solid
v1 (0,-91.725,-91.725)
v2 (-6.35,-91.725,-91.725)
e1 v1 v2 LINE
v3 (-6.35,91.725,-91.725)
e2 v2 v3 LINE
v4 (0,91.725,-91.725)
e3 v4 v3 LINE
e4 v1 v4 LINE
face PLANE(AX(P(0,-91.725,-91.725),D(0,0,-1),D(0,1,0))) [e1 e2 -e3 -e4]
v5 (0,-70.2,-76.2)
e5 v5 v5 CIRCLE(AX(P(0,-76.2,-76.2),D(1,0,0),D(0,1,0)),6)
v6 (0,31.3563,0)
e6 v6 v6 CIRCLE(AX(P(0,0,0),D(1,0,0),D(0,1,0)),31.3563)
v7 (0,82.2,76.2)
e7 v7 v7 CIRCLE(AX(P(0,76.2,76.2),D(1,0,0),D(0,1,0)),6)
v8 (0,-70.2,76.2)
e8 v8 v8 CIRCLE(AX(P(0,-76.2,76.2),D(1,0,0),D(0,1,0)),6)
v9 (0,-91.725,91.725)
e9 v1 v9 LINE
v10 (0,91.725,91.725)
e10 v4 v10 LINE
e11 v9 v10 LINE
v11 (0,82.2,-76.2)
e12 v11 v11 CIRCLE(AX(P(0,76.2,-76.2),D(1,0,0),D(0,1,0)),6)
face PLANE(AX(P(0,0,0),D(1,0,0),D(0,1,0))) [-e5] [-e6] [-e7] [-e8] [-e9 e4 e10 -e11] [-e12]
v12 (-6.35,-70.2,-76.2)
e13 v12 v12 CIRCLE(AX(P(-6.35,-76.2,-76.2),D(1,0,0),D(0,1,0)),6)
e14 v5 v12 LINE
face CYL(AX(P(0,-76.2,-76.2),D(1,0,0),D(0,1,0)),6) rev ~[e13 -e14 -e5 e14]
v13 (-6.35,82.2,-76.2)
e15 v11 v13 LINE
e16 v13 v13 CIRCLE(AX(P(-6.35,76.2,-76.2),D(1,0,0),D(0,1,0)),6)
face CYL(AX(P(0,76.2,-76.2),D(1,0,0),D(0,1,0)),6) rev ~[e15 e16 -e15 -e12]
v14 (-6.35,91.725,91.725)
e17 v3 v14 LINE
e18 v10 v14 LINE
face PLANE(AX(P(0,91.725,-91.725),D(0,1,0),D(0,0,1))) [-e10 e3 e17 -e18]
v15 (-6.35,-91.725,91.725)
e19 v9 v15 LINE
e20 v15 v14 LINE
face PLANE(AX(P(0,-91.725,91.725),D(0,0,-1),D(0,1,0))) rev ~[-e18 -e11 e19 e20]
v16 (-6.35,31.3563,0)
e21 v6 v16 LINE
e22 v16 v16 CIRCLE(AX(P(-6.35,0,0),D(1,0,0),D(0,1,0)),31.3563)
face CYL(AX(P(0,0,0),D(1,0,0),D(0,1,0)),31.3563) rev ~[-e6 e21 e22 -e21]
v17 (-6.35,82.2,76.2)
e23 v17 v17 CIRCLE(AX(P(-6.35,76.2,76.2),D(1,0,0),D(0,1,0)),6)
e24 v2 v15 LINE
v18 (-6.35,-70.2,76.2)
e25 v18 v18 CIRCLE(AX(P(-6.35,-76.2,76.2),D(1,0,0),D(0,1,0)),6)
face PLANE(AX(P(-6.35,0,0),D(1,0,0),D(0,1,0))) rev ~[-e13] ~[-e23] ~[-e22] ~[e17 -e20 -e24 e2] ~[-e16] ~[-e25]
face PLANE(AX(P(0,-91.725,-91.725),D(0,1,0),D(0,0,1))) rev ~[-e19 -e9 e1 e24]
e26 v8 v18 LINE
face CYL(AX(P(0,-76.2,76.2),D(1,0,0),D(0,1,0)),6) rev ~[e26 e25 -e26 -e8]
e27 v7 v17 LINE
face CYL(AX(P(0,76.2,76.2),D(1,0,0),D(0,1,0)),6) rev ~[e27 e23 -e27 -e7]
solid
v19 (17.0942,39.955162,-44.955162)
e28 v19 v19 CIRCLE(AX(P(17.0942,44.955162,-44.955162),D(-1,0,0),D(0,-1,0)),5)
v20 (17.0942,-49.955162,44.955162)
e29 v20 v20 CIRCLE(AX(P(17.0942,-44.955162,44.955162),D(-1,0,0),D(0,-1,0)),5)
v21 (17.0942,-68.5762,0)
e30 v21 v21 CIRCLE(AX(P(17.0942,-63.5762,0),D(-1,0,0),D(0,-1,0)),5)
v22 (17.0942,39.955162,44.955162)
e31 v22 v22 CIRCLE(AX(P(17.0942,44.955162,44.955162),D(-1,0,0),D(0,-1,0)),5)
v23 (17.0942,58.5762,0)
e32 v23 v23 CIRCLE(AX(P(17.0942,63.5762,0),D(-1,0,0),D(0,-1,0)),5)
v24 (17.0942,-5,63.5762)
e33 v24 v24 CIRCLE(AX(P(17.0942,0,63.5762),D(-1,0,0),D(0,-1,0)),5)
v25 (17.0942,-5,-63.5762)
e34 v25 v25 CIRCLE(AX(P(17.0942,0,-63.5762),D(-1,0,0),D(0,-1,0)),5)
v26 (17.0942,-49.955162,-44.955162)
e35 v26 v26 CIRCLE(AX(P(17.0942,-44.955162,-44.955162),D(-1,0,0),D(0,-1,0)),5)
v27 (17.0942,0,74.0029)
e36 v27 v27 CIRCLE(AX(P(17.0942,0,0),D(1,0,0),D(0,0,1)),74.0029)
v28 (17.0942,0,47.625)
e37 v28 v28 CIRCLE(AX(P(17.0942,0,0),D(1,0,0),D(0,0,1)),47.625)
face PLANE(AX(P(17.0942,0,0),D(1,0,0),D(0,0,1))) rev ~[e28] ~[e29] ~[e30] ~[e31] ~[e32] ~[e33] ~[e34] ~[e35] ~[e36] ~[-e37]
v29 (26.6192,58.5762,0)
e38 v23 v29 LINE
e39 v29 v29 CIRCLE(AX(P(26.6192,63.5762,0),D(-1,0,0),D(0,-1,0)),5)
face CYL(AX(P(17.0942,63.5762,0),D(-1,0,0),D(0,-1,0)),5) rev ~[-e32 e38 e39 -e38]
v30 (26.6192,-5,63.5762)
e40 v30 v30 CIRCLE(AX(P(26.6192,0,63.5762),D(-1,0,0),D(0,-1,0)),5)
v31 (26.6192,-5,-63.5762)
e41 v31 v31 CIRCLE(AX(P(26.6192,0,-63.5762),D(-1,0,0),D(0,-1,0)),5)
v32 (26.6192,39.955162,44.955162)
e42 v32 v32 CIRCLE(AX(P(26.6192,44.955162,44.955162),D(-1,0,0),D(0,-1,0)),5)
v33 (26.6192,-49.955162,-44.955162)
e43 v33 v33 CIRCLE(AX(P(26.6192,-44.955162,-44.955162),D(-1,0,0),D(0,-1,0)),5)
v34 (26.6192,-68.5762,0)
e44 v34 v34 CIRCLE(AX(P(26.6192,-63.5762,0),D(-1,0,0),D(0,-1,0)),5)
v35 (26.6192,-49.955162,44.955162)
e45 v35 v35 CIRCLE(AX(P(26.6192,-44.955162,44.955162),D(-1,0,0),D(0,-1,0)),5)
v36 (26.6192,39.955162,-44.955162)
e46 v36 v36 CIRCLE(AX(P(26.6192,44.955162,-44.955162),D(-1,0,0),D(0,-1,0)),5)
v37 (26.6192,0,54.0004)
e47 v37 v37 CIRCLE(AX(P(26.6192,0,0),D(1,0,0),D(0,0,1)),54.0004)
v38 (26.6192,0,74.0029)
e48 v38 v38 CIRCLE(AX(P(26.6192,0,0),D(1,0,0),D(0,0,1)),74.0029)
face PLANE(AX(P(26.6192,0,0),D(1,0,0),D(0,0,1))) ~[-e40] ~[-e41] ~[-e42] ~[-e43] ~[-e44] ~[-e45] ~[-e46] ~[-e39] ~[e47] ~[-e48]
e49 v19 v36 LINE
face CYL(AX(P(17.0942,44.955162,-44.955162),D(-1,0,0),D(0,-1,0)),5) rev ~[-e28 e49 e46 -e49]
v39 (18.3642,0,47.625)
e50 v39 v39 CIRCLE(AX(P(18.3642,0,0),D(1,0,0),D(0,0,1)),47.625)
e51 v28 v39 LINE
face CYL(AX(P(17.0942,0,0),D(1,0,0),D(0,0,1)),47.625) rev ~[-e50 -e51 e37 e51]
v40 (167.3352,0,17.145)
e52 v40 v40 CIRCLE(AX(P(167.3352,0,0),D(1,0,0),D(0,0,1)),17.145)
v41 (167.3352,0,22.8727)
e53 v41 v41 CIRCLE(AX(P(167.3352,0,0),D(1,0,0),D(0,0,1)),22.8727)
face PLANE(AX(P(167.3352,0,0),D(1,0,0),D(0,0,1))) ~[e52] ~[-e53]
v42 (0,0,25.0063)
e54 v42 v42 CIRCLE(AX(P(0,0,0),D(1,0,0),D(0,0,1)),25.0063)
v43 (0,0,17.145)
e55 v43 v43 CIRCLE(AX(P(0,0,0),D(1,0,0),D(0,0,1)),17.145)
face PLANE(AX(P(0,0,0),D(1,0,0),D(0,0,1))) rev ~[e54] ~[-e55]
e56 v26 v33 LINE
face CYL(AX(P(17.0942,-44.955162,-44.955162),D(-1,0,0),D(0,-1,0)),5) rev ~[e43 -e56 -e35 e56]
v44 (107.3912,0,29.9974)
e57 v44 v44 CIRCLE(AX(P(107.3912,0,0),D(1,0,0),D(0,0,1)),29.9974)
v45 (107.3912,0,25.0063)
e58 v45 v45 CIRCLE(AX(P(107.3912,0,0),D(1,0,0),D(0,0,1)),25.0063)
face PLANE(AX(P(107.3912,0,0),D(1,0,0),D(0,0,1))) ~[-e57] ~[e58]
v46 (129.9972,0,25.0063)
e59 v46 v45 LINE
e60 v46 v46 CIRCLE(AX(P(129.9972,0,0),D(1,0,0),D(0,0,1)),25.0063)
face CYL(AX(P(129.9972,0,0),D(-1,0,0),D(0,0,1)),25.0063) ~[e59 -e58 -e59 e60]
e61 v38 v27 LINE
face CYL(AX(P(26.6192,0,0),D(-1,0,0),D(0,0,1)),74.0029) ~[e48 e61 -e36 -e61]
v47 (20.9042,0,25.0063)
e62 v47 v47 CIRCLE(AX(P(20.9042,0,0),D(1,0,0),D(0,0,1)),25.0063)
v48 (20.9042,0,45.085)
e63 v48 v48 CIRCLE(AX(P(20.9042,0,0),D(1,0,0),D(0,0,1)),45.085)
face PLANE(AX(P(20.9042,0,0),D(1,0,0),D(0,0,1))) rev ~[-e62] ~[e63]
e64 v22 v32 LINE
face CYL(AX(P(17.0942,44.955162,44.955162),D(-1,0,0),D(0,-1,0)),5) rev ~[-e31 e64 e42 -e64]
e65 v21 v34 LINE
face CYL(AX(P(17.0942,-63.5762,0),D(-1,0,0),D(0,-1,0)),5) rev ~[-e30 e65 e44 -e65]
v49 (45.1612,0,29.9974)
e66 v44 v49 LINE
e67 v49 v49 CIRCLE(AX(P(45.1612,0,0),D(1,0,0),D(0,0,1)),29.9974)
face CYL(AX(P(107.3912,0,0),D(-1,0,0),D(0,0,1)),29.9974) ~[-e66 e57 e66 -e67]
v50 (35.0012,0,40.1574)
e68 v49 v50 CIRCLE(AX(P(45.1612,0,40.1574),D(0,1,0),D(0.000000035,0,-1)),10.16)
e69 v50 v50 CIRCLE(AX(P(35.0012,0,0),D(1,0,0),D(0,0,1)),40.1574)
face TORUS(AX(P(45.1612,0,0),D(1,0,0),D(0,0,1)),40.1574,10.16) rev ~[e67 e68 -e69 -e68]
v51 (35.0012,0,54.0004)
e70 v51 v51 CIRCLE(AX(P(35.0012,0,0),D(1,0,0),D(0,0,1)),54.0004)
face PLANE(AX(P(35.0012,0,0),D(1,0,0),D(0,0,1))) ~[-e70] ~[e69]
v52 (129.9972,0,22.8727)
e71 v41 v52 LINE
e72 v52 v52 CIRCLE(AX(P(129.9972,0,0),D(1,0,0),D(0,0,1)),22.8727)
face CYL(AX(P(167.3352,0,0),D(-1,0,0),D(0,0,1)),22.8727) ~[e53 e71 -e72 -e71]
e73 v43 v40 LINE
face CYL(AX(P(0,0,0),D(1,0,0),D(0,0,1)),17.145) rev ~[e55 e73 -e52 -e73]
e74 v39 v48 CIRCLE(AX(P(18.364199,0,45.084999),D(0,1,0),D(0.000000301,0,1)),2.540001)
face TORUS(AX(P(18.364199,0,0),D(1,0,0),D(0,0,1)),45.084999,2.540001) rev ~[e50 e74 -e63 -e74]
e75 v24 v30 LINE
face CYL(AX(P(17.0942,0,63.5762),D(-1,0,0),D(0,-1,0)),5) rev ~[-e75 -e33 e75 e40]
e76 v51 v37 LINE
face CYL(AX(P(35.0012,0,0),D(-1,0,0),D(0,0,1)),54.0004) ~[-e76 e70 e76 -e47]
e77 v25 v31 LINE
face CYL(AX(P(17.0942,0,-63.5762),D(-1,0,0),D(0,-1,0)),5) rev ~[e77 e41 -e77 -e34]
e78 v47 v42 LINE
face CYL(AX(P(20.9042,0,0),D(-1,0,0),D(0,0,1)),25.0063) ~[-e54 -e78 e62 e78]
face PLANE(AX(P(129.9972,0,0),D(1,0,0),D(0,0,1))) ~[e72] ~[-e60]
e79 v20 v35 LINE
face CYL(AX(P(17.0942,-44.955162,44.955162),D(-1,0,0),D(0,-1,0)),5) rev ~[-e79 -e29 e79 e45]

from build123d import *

# Parameters (mm, degrees)
F2_R     = 5
F3_DEPTH = 9.525
F4_W     = 183.45
F4_H     = 183.45
F4_R     = 6
F4_R_2   = 31.3563
F5_DEPTH = 6.35


with BuildPart() as f1:
    # F0 (on Front) → F1 (revolve)
    with BuildSketch(Plane.XZ):
        with BuildLine():
            Line((0, 25.0063), (0, 17.145))
            Line((0, 17.145), (167.3352, 17.145))
            Line((167.3352, 17.145), (167.3352, 22.8727))
            Line((167.3352, 22.8727), (129.9972, 22.8727))
            Line((129.9972, 22.8727), (129.9972, 25.0063))
            Line((129.9972, 25.0063), (107.3912, 25.0063))
            Line((107.3912, 25.0063), (107.3912, 29.9974))
            Line((107.3912, 29.9974), (45.1612, 29.9974))
            ThreePointArc((45.1612, 29.9974), (37.976995, 32.973195), (35.0012, 40.1574))
            Line((35.0012, 40.1574), (35.0012, 54.0004))
            Line((35.0012, 54.0004), (26.6192, 54.0004))
            Line((26.6192, 54.0004), (26.6192, 74.0029))
            Line((26.6192, 74.0029), (17.0942, 74.0029))
            Line((17.0942, 74.0029), (17.0942, 47.625))
            Line((17.0942, 47.625), (18.3642, 47.625))
            ThreePointArc((18.3642, 47.625), (20.160251, 46.881051), (20.9042, 45.085))
            Line((20.9042, 45.085), (20.9042, 25.0063))
            Line((20.9042, 25.0063), (0, 25.0063))
        make_face()
    revolve(axis=Axis((83.6676, 0, 0), (1, 0, 0)))

    # F2 (on face) → F3 (cut, through all)
    with BuildSketch(Plane(origin=(17.0942, 0, 0), x_dir=(0, -1, 0), z_dir=(-1, 0, 0))):
        with Locations((0, 63.5762)):
            Circle(F2_R)
        with Locations((-44.955162, 44.955162)):
            Circle(F2_R)
        with Locations((-63.5762, 0)):
            Circle(F2_R)
        with Locations((-44.955162, -44.955162)):
            Circle(F2_R)
        with Locations((0, -63.5762)):
            Circle(F2_R)
        with Locations((44.955162, -44.955162)):
            Circle(F2_R)
        with Locations((63.5762, 0)):
            Circle(F2_R)
        with Locations((44.955162, 44.955162)):
            Circle(F2_R)
    extrude(amount=-F3_DEPTH, mode=Mode.SUBTRACT)


with BuildPart() as f5:
    # F4 (on Right) → F5 (new body)
    with BuildSketch(Plane.YZ):
        Rectangle(F4_W, F4_H)
        with Locations((-76.2, -76.2)):
            Circle(F4_R, mode=Mode.SUBTRACT)
        with Locations((76.2, -76.2)):
            Circle(F4_R, mode=Mode.SUBTRACT)
        with Locations((-76.2, 76.2)):
            Circle(F4_R, mode=Mode.SUBTRACT)
        Circle(F4_R_2, mode=Mode.SUBTRACT)
        with Locations((76.2, 76.2)):
            Circle(F4_R, mode=Mode.SUBTRACT)
    extrude(amount=-F5_DEPTH)


solid = Compound([f1.part, f5.part])
